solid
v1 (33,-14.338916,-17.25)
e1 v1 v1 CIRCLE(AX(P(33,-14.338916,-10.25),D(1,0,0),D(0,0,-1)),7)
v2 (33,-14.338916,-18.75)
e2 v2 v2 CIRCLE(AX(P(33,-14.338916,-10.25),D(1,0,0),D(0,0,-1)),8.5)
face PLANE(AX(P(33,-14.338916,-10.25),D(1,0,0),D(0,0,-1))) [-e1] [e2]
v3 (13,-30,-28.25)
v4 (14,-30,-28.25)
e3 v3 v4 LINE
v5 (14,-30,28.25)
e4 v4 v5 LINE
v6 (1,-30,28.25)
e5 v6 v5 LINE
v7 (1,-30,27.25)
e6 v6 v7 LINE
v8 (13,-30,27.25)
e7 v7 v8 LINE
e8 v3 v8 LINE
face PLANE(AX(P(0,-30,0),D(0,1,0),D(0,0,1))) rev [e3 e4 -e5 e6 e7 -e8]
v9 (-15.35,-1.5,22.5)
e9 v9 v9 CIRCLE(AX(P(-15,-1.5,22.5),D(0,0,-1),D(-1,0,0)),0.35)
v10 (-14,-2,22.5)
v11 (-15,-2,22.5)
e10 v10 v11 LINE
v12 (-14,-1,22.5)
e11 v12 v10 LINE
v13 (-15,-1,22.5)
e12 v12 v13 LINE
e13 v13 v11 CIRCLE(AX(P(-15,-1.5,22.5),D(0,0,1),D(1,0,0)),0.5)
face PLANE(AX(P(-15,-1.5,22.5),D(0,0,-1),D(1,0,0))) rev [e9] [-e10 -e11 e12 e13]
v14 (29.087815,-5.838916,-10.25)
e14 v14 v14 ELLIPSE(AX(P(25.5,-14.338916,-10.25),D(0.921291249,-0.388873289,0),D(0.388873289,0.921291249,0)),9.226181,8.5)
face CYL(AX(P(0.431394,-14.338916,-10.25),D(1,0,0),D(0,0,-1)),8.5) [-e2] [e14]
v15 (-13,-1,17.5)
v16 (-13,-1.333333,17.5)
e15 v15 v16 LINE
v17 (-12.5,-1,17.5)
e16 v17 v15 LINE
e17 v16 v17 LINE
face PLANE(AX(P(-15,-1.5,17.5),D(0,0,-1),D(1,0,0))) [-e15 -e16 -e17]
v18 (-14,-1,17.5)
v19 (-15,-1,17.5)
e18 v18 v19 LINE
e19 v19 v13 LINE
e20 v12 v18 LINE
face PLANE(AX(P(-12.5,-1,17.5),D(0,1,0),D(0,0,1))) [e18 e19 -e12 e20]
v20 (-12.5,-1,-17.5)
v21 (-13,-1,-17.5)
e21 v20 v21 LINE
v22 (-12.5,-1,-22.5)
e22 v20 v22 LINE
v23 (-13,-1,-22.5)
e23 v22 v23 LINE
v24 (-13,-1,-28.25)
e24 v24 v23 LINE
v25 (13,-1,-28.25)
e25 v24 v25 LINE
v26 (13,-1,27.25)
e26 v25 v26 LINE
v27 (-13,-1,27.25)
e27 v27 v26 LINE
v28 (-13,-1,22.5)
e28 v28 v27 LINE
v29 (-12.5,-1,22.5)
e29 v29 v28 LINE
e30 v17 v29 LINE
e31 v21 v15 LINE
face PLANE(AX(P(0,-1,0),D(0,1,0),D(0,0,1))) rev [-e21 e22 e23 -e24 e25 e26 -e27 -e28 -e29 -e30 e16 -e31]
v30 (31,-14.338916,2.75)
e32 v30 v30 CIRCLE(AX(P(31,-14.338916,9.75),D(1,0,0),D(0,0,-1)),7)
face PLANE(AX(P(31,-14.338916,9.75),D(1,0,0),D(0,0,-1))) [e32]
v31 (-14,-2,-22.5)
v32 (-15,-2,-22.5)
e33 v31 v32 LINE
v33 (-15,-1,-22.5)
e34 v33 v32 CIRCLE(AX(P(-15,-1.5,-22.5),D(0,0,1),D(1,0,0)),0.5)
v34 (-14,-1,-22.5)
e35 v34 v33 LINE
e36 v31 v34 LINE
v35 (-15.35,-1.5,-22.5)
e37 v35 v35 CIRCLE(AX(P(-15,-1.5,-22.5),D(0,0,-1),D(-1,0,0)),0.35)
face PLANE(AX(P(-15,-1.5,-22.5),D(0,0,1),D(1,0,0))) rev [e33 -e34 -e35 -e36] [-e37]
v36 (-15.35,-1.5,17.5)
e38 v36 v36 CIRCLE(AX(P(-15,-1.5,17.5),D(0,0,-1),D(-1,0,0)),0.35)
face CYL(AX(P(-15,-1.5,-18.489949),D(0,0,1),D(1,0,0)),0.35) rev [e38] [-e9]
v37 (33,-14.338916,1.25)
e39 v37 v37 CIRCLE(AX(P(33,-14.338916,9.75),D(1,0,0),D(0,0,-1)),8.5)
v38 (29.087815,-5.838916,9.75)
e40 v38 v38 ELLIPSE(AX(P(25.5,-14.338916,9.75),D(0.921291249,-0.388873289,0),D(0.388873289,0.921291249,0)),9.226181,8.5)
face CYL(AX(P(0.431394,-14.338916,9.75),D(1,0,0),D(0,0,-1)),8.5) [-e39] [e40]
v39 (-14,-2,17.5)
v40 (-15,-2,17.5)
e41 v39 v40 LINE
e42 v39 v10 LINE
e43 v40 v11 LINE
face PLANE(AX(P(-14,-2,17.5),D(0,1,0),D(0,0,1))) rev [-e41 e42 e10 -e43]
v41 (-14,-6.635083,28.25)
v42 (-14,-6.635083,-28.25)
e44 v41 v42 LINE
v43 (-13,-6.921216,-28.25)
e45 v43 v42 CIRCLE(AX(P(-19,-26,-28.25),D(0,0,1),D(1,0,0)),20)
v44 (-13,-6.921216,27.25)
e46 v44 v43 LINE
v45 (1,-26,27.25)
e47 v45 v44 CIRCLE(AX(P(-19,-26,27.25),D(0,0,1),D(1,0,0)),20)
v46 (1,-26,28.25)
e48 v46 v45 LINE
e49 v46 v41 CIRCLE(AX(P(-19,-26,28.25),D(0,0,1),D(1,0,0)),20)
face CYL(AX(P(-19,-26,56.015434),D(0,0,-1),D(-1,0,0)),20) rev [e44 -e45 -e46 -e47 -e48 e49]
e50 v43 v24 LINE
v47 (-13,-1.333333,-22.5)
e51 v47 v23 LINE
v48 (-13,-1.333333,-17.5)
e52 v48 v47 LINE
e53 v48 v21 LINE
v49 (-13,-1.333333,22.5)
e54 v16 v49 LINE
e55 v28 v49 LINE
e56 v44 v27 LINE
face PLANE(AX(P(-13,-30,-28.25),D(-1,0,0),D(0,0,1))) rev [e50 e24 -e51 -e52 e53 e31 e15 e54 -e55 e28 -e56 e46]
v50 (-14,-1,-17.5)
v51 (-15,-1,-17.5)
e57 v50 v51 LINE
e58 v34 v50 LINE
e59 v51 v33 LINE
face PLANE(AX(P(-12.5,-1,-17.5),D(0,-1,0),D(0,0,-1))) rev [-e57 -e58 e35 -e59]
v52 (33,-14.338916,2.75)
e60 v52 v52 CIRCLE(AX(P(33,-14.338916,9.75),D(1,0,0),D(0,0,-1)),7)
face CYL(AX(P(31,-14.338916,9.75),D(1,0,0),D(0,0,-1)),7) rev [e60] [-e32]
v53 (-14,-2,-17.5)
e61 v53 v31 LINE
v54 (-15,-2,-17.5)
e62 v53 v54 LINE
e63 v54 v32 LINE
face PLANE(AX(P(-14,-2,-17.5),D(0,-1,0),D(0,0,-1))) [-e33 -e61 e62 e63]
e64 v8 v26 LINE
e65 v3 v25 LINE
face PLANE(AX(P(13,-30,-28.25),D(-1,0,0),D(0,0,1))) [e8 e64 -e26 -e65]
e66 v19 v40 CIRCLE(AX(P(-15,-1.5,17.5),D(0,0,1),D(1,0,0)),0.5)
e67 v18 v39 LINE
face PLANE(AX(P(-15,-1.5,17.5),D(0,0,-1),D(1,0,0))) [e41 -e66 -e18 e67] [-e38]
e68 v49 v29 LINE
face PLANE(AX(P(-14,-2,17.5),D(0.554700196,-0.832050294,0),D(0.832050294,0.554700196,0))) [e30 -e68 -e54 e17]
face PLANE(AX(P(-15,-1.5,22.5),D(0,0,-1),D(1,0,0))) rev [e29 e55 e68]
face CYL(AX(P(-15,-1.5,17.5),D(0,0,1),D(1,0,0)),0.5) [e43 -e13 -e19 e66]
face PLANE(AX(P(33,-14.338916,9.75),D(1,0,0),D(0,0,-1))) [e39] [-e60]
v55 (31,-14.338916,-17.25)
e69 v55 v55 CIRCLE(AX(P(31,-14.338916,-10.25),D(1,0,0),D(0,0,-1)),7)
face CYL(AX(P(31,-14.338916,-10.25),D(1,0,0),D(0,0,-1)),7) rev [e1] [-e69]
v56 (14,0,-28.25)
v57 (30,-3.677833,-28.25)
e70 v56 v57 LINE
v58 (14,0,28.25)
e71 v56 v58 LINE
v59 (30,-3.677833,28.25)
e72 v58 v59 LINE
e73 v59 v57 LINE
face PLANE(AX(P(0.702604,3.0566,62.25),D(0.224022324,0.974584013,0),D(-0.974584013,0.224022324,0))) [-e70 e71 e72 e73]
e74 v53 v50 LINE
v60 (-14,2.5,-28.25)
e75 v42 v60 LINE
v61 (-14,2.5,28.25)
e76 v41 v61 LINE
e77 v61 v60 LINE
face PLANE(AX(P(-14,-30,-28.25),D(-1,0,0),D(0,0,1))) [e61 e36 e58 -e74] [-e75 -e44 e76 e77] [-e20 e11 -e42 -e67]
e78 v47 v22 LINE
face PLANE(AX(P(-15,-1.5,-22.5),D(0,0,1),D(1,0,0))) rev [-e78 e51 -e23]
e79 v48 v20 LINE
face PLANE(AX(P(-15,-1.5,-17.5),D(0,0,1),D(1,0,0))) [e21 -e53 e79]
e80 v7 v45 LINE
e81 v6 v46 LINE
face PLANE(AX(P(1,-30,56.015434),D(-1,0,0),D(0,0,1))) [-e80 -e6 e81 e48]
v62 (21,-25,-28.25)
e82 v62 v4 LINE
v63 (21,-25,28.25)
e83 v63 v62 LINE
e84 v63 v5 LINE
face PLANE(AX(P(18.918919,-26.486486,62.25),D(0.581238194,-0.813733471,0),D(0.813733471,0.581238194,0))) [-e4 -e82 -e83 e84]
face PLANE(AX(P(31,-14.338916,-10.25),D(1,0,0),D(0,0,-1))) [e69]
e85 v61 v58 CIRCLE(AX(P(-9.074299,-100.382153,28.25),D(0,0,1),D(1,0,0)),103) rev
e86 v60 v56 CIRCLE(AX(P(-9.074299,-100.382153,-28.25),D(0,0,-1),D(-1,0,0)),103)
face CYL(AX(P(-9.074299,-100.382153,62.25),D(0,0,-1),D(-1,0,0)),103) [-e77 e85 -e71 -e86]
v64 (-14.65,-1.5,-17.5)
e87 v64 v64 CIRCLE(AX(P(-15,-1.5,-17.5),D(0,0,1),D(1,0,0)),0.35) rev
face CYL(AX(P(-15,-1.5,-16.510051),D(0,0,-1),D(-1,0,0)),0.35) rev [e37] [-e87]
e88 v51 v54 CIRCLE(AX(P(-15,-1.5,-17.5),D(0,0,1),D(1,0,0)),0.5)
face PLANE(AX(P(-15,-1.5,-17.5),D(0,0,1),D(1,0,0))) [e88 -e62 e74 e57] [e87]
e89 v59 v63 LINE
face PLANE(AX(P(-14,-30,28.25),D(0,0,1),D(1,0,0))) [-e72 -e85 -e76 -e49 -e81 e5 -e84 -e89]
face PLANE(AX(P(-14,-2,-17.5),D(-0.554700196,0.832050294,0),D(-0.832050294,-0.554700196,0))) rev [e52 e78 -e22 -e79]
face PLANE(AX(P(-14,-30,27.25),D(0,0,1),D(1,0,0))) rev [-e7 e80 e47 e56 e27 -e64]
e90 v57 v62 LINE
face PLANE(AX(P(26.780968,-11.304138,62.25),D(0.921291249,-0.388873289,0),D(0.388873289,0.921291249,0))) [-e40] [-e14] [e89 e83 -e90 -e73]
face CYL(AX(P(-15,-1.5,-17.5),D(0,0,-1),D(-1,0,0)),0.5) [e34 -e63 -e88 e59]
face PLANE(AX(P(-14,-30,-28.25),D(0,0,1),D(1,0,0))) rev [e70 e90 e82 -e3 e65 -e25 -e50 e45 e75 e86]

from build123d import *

# Parameters (mm, degrees)
SKETCH1_W           = 28
SKETCH1_H           = 56.5
BOSS_EXTRUDE1_DEPTH = 30
CUT_EXTRUDE2_DEPTH  = 56.5
SHELL1_T            = -1
BOSS_EXTRUDE3_DEPTH = 2.5
SKETCH4_R           = 0.35
CUT_EXTRUDE1_DEPTH  = 5
BOSS_EXTRUDE4_DEPTH = 56.5
BOSS_EXTRUDE5_START = -11.087816
SKETCH7_R           = 8.5
BOSS_EXTRUDE5_DEPTH = 11.087816
SKETCH8_R           = 7
CUT_EXTRUDE3_DEPTH  = 2
LPATTERN1_COUNT     = 2
LPATTERN1_PITCH     = 20


with BuildPart() as part:
    # Sketch1 → Boss-Extrude1 (new body)
    with BuildSketch(Plane(origin=(0, 0, 0), x_dir=(1, 0, 0), z_dir=(0, 1, 0))):
        Rectangle(SKETCH1_W, SKETCH1_H)
    extrude(amount=-BOSS_EXTRUDE1_DEPTH)

    # Sketch5 → Cut-Extrude2 (cut)
    with BuildSketch(Plane(origin=(0, 0, -28.25), x_dir=(-1, 0, 0), z_dir=(0, 0, -1))):
        with BuildLine():
            Line((-1, -30), (-1, -26))
            ThreePointArc((-1, -26), (3.188611699, -13.752551286), (14, -6.635083269))
            Line((14, -6.635083269), (14, -30))
            Line((14, -30), (-1, -30))
        make_face()
    extrude(amount=-CUT_EXTRUDE2_DEPTH, mode=Mode.SUBTRACT)

    # Shell1
    shell1_openings = [part.faces().sort_by_distance(p)[0] for p in [
        (7.5, -30, 0),
        (0.885231383, -15.011682153, -28.25),
        (-4.84430585, -15.03504646, 0),
        (1, -28, 0),
    ]]
    offset(amount=SHELL1_T, openings=shell1_openings, kind=Kind.INTERSECTION)

    # Sketch3 → Boss-Extrude3 (add, symmetric)
    with BuildSketch(Plane.XY.offset(-20)):
        with BuildLine():
            Line((-14, -1), (-15, -1))
            ThreePointArc((-15, -1), (-15.5, -1.5), (-15, -2))
            Line((-15, -2), (-14, -2))
            Line((-14, -2), (-12.5, -1))
            Line((-12.5, -1), (-14, -1))
        make_face()
    boss_extrude3 = extrude(amount=BOSS_EXTRUDE3_DEPTH, both=True)

    # Sketch4 → Cut-Extrude1 (cut)
    with BuildSketch(Plane(origin=(0, 0, -22.5), x_dir=(-1, 0, 0), z_dir=(0, 0, -1))):
        with Locations((15, -1.5)):
            Circle(SKETCH4_R)
    cut_extrude1 = extrude(amount=-CUT_EXTRUDE1_DEPTH, mode=Mode.SUBTRACT)

    # Mirror1: Boss-Extrude3, Cut-Extrude1 across plane
    add(boss_extrude3.mirror(Plane.XY))
    add(cut_extrude1.mirror(Plane.XY), mode=Mode.SUBTRACT)

    # Sketch6 → Boss-Extrude4 (add)
    with BuildSketch(Plane(origin=(0, 0, -28.25), x_dir=(-1, 0, 0), z_dir=(0, 0, -1))):
        Polygon((-30, -3.677832944), (-21, -25), (-14, -30), (-14, 0), align=None)
        with BuildLine():
            Line((14, 0), (14, 2.5))
            ThreePointArc((14, 2.5), (-0.085690207, 2.209730318), (-14, 0))
            Line((-14, 0), (14, 0))
        make_face()
    extrude(amount=-BOSS_EXTRUDE4_DEPTH)

    # Sketch7 → Boss-Extrude5 (add)
    with BuildSketch(Plane(origin=(33, 0, 0), x_dir=(0, 0, -1), z_dir=(1, 0, 0)).offset(BOSS_EXTRUDE5_START)):
        with Locations((10.25, -14.338916472)):
            Circle(SKETCH7_R)
    boss_extrude5 = extrude(amount=BOSS_EXTRUDE5_DEPTH)

    # Sketch8 → Cut-Extrude3 (cut)
    with BuildSketch(Plane(origin=(33, 0, 0), x_dir=(0, 0, -1), z_dir=(1, 0, 0))):
        with Locations((10.25, -14.338916472)):
            Circle(SKETCH8_R)
    cut_extrude3 = extrude(amount=-CUT_EXTRUDE3_DEPTH, mode=Mode.SUBTRACT)

    # LPattern1: Boss-Extrude5, Cut-Extrude3 ×2
    with Locations(*[(0, 0, i * LPATTERN1_PITCH) for i in range(1, LPATTERN1_COUNT)]):
        add(boss_extrude5)
        add(cut_extrude3, mode=Mode.SUBTRACT)


solid = part.part
